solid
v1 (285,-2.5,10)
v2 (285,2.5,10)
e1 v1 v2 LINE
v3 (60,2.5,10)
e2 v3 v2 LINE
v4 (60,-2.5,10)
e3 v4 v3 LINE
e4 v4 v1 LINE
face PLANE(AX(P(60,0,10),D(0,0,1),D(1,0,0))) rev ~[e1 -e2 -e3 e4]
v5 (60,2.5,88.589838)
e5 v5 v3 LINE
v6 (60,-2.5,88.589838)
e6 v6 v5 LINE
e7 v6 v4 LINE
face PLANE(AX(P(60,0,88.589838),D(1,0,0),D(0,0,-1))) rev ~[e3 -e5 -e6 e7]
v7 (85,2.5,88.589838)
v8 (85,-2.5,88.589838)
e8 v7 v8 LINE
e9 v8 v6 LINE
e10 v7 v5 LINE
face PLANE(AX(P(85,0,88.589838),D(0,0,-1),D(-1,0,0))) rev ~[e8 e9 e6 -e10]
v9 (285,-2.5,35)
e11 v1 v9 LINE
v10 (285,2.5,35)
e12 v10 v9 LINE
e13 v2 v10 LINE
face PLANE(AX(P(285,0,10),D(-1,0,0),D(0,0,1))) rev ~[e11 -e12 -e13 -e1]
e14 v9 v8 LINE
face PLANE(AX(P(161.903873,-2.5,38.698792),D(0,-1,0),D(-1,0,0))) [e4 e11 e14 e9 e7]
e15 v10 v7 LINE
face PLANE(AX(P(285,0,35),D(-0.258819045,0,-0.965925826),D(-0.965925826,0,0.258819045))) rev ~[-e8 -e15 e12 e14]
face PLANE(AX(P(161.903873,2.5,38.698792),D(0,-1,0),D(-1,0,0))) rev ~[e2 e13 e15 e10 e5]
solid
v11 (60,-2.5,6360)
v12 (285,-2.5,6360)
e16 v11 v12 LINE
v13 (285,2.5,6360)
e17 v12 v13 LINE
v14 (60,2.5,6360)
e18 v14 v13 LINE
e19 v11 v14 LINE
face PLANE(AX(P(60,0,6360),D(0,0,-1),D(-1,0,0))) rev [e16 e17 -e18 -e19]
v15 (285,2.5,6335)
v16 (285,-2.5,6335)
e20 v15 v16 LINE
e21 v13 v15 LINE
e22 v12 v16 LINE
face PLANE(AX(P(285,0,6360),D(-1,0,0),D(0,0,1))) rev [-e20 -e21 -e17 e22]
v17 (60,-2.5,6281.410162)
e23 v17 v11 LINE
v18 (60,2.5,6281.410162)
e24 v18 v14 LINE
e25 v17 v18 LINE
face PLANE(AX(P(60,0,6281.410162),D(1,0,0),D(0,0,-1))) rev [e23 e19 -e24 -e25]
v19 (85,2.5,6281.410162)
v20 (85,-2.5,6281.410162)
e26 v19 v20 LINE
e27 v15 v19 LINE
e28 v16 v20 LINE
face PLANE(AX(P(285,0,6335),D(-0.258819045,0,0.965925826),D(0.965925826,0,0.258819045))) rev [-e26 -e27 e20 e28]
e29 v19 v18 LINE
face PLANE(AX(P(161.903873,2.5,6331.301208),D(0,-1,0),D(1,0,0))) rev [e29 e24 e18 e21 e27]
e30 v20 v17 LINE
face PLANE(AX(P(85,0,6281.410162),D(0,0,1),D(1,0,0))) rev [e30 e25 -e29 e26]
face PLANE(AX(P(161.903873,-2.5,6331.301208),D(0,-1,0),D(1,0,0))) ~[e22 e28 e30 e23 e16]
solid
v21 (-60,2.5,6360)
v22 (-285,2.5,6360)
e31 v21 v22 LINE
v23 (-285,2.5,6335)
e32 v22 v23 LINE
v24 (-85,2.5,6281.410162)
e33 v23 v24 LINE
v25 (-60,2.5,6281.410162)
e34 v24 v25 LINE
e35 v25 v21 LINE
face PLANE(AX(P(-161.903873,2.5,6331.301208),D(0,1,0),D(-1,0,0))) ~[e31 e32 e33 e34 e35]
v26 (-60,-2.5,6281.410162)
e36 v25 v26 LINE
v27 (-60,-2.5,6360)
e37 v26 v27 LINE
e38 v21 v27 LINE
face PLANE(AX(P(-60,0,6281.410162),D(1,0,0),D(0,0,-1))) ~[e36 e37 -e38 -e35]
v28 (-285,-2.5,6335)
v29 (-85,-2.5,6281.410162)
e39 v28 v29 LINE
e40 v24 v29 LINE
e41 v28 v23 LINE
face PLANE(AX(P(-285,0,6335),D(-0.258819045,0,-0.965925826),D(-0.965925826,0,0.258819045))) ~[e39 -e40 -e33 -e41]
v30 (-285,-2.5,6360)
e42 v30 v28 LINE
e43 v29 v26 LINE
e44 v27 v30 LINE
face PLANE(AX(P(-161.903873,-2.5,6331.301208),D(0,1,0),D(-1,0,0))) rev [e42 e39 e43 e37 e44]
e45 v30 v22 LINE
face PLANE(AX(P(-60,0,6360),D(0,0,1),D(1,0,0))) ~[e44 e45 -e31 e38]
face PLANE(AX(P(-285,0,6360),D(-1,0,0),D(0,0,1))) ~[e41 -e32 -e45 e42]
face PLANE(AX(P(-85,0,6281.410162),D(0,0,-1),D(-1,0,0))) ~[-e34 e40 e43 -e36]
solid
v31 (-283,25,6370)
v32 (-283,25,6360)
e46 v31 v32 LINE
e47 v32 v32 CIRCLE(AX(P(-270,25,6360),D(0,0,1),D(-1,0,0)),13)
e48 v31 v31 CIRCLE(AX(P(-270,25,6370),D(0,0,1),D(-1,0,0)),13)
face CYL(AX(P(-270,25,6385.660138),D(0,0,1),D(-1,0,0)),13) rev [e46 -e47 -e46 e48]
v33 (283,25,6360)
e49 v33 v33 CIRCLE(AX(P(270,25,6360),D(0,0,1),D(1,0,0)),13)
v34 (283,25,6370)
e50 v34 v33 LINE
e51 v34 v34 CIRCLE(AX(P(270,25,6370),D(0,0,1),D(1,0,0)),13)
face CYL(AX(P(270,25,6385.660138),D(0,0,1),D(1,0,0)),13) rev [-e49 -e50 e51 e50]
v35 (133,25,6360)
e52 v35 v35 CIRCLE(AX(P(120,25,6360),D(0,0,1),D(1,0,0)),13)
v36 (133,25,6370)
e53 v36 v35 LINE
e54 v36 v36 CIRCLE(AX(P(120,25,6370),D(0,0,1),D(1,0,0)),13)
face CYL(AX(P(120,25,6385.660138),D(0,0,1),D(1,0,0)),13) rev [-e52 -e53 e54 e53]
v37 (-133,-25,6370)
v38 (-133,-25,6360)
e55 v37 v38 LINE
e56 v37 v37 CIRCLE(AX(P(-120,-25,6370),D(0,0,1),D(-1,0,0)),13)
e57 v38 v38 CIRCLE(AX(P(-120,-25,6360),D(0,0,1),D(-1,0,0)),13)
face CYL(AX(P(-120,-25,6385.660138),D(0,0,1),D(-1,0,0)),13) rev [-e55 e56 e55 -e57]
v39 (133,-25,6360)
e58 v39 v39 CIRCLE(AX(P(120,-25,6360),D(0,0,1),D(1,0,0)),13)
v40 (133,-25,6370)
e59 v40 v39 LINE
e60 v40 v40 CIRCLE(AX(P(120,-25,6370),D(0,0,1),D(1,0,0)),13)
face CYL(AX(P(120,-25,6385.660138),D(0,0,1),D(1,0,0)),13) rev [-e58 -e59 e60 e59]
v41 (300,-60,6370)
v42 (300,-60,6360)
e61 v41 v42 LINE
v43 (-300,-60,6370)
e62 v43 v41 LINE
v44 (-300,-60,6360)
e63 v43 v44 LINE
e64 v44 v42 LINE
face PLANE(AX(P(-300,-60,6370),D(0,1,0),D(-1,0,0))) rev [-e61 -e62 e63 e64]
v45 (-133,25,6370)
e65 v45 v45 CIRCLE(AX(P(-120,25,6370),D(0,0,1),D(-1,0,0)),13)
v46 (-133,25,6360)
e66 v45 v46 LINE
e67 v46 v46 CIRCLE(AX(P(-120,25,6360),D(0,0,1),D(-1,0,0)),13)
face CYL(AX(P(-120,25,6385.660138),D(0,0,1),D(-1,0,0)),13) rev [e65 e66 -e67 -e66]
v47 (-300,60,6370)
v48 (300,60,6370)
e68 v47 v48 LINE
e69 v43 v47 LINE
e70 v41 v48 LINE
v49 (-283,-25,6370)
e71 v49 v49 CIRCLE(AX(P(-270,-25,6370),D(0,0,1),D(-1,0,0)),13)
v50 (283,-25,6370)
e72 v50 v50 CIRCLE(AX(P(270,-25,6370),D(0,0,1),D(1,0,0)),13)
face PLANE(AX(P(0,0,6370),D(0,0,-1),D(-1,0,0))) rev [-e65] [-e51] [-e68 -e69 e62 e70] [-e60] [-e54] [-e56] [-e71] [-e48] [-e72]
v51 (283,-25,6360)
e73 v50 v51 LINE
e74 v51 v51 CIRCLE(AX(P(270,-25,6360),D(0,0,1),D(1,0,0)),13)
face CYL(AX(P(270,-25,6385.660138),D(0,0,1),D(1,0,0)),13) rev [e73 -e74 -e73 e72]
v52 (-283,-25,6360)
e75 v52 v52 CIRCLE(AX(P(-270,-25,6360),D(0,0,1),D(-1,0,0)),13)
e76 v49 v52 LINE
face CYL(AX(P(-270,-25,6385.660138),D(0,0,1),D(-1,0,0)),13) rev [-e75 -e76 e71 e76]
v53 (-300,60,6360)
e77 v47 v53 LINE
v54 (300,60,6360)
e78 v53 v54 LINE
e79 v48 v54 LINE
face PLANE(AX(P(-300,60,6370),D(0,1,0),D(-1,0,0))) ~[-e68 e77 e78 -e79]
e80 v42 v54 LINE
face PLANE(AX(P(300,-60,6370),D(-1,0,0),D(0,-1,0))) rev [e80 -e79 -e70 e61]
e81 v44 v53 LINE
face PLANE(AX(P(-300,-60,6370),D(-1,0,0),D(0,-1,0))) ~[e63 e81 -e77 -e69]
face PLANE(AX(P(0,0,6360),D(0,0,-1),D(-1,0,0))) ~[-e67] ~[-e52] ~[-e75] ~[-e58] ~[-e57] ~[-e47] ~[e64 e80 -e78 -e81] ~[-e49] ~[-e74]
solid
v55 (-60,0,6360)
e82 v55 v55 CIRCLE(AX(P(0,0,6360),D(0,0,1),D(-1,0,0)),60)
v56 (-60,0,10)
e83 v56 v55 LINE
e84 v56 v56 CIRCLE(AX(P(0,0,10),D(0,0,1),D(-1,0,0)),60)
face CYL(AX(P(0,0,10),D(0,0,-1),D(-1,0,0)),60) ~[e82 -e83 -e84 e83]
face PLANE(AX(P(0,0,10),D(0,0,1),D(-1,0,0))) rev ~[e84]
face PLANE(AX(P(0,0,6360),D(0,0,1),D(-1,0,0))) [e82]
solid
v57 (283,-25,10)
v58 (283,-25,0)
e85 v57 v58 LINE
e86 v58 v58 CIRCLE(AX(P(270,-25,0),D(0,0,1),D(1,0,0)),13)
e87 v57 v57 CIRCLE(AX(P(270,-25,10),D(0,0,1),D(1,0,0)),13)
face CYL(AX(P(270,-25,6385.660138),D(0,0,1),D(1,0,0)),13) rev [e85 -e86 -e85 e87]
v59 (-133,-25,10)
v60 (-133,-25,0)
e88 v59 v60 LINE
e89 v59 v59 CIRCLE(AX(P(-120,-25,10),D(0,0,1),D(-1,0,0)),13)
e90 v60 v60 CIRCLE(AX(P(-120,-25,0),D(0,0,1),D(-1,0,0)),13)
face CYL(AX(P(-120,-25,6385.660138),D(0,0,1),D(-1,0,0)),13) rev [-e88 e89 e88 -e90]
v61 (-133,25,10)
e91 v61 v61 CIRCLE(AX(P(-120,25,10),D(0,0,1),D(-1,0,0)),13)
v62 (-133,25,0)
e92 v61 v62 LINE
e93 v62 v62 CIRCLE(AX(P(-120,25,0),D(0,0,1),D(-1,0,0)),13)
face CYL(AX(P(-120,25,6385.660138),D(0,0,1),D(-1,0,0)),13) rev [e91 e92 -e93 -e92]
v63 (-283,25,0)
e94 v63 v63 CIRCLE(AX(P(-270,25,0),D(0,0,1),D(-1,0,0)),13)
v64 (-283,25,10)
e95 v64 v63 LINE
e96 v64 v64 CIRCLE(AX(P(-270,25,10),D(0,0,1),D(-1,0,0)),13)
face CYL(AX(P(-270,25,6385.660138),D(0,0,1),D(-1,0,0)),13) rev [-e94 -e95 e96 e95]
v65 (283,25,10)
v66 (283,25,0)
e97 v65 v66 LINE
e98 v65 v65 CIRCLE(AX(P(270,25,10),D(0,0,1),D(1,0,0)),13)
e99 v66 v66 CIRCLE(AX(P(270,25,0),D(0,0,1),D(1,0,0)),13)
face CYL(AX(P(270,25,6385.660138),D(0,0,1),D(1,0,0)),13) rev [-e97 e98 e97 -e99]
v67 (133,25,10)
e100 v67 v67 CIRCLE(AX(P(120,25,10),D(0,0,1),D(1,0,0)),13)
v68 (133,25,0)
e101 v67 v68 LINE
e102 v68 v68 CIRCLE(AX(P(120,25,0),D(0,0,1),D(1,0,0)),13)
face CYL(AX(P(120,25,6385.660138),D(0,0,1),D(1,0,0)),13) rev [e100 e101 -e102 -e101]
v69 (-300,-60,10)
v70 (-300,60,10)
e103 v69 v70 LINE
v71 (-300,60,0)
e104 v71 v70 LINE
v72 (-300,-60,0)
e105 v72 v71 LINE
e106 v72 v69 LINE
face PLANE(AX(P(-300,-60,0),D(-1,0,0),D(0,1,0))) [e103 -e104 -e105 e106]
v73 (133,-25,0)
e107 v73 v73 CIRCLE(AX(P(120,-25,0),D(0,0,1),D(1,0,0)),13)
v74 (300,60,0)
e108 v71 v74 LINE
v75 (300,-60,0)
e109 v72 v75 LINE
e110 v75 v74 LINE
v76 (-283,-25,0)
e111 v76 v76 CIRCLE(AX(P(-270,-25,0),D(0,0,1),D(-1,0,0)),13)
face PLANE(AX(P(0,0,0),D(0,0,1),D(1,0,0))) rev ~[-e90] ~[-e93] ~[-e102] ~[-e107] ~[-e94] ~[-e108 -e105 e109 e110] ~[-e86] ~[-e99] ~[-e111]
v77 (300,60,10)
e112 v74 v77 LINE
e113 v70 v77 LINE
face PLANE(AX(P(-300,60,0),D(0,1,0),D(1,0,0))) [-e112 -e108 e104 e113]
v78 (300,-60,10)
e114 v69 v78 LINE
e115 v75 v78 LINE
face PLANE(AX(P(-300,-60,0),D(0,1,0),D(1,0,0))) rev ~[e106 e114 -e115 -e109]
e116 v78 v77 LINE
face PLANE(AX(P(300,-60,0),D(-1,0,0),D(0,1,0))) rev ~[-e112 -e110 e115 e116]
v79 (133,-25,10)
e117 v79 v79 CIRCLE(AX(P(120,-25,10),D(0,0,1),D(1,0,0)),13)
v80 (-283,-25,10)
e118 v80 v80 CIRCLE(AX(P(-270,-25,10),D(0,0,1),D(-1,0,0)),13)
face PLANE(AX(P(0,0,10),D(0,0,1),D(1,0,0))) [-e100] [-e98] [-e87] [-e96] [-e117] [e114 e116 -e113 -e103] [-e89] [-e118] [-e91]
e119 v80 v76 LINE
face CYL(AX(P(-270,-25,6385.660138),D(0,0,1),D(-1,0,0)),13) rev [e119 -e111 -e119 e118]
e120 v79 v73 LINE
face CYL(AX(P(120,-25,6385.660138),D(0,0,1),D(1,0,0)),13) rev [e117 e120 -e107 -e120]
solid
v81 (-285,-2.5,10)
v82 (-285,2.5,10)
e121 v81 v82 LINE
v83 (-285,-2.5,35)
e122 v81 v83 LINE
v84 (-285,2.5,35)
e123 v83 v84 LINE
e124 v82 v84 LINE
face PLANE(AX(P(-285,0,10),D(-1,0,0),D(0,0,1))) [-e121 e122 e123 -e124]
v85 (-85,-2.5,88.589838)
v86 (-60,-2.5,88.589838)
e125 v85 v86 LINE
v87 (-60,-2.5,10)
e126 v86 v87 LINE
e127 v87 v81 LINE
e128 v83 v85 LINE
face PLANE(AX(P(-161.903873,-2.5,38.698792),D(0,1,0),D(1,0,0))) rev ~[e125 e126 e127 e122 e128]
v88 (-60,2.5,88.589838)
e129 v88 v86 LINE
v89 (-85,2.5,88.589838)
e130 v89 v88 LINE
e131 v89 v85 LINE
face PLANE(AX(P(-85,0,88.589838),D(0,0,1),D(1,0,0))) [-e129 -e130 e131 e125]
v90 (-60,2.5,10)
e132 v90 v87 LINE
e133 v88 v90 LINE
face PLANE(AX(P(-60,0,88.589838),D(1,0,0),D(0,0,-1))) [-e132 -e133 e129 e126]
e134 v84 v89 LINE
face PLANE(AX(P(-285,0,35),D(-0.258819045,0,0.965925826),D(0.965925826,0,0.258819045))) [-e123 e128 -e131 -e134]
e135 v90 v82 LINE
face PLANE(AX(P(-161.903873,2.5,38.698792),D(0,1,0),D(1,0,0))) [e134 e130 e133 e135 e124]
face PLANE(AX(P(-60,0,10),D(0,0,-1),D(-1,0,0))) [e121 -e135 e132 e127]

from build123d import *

# Parameters (mm, degrees)
SKETCH1_W               = 600
SKETCH1_H               = 120
BOSS_EXTRUDE1_DEPTH     = 10
SKETCH2_R               = 60
BOSS_EXTRUDE2_DEPTH     = 6350
BOSS_EXTRUDE3_DEPTH     = 2.5
BOSS_EXTRUDE3_2_DEPTH   = 2.5
CUT_EXTRUDE1_DEPTH      = 3200.660138202
CUT_EXTRUDE1_DEPTH_BACK = 3200.660138202
SKETCH6_R               = 13


with BuildPart() as part:
    # Sketch1 → Boss-Extrude1 (new body)
    with BuildSketch(Plane.XY):
        Rectangle(SKETCH1_W, SKETCH1_H)
    extrude(amount=BOSS_EXTRUDE1_DEPTH)


with BuildPart() as body_2:
    # Sketch2 → Boss-Extrude2 (new body)
    with BuildSketch(Plane.XY.offset(10)):
        with Locations(Location((0, 0, 0), (0, 0, 180))):
            Circle(SKETCH2_R)
    extrude(amount=BOSS_EXTRUDE2_DEPTH)


with BuildPart() as body_3:
    # Sketch4 → Boss-Extrude3 (new, symmetric)
    with BuildSketch(Plane(origin=(0, 0, 0), x_dir=(1, 0, 0), z_dir=(0, 1, 0))):
        Polygon((285, -10), (285, -35), (85, -88.589838486), (60, -88.589838486), (60, -10), align=None)
    extrude(amount=BOSS_EXTRUDE3_DEPTH, both=True)


with BuildPart() as body_4:
    # Sketch4 → Boss-Extrude3 2 (new, symmetric)
    with BuildSketch(Plane(origin=(0, 0, 0), x_dir=(1, 0, 0), z_dir=(0, 1, 0))):
        Polygon((-60, -10), (-285, -10), (-285, -35), (-85, -88.589838486), (-60, -88.589838486), align=None)
    extrude(amount=BOSS_EXTRUDE3_2_DEPTH, both=True)


with BuildPart() as body_5:
    # Mirror1: mirrored copy
    add(part.part.mirror(Plane(origin=(0, 0, 3185), x_dir=(1, 0, 0), z_dir=(0, 0, -1))))


with BuildPart() as body_6:
    # Mirror1 2: mirrored copy
    add(body_4.part.mirror(Plane(origin=(0, 0, 3185), x_dir=(1, 0, 0), z_dir=(0, 0, -1))))


with BuildPart() as body_7:
    # Mirror1 3: mirrored copy
    add(body_3.part.mirror(Plane(origin=(0, 0, 3185), x_dir=(1, 0, 0), z_dir=(0, 0, -1))))


with BuildPart() as cut_extrude1_tool:
    # Sketch6 → Cut-Extrude1 (new, two sides: drawn at the far end of the back side and taken through both)
    with BuildSketch(Plane(origin=(0, 0, 3185), x_dir=(-1, 0, 0), z_dir=(0, 0, -1)).offset(-CUT_EXTRUDE1_DEPTH_BACK)):
        with Locations((270, 25)):
            Circle(SKETCH6_R)
        with Locations((270, -25)):
            Circle(SKETCH6_R)
        with Locations((120, 25)):
            Circle(SKETCH6_R)
        with Locations((120, -25)):
            Circle(SKETCH6_R)
        with Locations(Location((-120, -25, 0), (0, 0, 180))):
            Circle(SKETCH6_R)
        with Locations(Location((-120, 25, 0), (0, 0, 180))):
            Circle(SKETCH6_R)
        with Locations(Location((-270, -25, 0), (0, 0, 180))):
            Circle(SKETCH6_R)
        with Locations(Location((-270, 25, 0), (0, 0, 180))):
            Circle(SKETCH6_R)
    extrude(amount=CUT_EXTRUDE1_DEPTH + CUT_EXTRUDE1_DEPTH_BACK)


with BuildPart() as part_1:
    add(part.part)

    # Cut-Extrude1: cut by cut_extrude1_tool
    add(cut_extrude1_tool.part, mode=Mode.SUBTRACT)


with BuildPart() as body_5_1:
    add(body_5.part)

    # Cut-Extrude1: cut by cut_extrude1_tool
    add(cut_extrude1_tool.part, mode=Mode.SUBTRACT)


solid = Compound([body_2.part, body_3.part, body_4.part, body_6.part, body_7.part, part_1.part, body_5_1.part])
